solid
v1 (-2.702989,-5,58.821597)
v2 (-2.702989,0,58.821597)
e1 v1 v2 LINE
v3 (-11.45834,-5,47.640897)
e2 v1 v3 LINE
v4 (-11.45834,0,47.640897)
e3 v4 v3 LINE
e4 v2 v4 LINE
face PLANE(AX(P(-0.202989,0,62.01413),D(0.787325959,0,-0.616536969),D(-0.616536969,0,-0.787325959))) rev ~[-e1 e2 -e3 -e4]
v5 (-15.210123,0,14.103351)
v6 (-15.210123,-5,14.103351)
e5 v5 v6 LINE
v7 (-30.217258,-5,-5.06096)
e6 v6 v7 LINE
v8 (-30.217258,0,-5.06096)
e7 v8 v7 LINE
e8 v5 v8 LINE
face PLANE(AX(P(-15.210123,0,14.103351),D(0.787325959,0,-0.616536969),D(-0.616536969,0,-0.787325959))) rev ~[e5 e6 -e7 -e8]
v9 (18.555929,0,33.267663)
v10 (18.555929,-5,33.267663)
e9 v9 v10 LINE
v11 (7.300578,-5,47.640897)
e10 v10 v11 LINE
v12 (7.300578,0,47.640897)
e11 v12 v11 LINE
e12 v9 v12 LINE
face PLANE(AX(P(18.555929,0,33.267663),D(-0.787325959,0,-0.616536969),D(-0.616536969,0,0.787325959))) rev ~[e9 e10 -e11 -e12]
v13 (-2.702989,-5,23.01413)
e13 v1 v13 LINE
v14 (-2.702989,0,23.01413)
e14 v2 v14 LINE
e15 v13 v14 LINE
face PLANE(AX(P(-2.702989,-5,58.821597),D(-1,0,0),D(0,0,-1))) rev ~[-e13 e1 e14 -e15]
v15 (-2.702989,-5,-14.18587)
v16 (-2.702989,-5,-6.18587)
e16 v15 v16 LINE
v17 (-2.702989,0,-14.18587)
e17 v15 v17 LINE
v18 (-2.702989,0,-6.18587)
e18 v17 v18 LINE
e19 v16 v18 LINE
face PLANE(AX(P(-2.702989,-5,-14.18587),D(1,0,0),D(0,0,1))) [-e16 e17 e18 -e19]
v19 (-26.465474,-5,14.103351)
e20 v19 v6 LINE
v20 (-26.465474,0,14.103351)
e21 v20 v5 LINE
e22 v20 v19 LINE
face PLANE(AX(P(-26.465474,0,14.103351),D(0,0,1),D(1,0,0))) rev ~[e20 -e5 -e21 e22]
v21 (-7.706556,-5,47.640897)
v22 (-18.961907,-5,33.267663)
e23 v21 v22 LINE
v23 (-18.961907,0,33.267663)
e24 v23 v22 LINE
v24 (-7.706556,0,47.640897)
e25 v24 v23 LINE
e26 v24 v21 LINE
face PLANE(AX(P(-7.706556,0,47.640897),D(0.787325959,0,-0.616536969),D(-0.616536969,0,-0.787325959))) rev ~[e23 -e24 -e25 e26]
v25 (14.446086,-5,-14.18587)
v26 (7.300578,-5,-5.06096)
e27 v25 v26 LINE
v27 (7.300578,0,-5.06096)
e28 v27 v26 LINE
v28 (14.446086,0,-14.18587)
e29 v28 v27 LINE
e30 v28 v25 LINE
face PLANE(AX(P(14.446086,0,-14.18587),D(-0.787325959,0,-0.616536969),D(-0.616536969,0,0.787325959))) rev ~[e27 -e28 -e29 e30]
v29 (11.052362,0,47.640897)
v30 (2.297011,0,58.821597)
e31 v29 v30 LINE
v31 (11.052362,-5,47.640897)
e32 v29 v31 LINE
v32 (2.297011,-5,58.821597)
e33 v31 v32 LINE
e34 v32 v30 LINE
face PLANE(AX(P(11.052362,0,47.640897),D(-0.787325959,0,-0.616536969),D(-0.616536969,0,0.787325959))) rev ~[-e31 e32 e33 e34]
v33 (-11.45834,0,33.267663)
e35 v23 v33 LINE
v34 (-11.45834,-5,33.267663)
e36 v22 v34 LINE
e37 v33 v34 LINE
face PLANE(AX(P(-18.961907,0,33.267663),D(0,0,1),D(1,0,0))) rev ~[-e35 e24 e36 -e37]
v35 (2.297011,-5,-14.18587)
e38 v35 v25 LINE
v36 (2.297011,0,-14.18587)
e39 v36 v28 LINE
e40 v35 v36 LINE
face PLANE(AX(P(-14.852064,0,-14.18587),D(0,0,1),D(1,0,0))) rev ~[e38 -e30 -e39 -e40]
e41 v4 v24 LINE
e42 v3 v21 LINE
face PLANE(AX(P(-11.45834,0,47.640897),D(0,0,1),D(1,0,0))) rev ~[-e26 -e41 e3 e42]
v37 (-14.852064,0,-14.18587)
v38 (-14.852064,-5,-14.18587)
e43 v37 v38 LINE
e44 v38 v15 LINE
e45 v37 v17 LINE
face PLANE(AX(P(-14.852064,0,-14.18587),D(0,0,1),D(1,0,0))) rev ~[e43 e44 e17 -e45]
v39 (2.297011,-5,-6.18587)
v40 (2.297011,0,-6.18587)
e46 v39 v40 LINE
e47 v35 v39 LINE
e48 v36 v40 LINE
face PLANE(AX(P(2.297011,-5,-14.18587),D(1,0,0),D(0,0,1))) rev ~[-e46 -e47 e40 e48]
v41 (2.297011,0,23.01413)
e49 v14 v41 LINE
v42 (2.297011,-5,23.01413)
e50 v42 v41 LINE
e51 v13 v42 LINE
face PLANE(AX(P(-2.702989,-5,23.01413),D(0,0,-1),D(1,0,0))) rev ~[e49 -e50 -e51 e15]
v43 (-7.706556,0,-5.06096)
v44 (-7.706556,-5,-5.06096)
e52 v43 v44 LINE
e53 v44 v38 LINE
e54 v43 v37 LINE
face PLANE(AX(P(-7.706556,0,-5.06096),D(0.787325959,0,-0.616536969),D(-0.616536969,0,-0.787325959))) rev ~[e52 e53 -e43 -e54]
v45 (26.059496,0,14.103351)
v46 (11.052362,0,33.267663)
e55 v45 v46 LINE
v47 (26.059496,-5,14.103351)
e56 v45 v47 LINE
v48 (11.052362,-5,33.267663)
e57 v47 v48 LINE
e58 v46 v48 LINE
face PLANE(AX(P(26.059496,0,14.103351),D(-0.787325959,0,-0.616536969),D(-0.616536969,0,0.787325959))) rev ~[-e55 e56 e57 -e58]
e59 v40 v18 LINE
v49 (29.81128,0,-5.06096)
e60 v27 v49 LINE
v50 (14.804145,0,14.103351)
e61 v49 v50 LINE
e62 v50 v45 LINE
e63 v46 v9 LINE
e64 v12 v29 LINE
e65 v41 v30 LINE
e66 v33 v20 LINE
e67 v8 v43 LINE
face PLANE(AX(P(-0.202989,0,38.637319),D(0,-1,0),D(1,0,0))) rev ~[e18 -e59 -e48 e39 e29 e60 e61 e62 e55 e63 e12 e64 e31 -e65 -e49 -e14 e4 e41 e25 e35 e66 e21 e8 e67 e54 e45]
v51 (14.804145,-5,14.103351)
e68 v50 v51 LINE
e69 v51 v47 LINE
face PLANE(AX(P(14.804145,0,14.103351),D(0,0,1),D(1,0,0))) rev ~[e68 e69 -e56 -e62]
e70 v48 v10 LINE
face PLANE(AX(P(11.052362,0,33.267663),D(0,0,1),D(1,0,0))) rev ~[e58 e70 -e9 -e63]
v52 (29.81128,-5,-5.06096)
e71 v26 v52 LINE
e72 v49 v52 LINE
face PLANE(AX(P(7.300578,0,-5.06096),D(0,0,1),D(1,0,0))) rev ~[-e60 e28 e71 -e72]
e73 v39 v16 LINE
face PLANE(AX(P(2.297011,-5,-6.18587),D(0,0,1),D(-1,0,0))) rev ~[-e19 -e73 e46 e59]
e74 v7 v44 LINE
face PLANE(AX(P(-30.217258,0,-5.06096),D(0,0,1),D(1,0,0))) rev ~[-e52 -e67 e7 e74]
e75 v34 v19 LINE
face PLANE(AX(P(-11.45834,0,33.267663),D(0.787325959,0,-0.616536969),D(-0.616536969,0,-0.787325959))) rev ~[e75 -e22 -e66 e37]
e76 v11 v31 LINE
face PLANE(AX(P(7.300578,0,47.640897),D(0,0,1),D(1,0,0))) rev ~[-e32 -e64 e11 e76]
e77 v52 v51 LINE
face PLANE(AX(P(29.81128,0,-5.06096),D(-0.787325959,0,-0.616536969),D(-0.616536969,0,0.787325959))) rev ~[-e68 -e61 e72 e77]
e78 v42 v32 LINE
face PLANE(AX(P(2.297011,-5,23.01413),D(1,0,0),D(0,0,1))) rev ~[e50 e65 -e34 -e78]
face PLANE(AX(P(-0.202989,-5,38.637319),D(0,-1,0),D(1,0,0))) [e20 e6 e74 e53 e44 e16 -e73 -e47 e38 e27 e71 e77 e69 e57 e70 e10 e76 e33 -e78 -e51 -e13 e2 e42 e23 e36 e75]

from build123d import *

# Parameters (mm, degrees)
F0_W     = 7.5035672322
F0_H     = 9.1249096662
F1_DEPTH = 5
F2_W     = 2.5
F2_H     = 8
F3_DEPTH = 25


with BuildPart() as f1:
    # F0 (on Front) → F1 (new body)
    with BuildSketch(Plane.XZ):
        Polygon((-11.4583398516, 33.2676629014), (-0.2029890033, 33.2676629014), (11.052361845, 33.2676629014), (18.5559290771, 33.2676629014), (7.3005782289, 47.6408965444), (-7.7065562355, 47.6408965444), (-18.9619070838, 33.2676629014), align=None)
        Polygon((-7.7065562355, 47.6408965444), (7.3005782289, 47.6408965444), (11.052361845, 47.6408965444), (-0.2029890033, 62.0141301873), (-11.4583398516, 47.6408965444), align=None)
        Polygon((-15.2101234677, 14.1033513774), (-0.2029890033, 14.1033513774), (-0.2029890033, 33.2676629014), (-11.4583398516, 33.2676629014), (-26.4654743159, 14.1033513774), align=None)
        Polygon((-0.2029890033, 33.2676629014), (-0.2029890033, 14.1033513774), (14.8041454611, 14.1033513774), (26.0594963093, 14.1033513774), (11.052361845, 33.2676629014), align=None)
        Polygon((-7.7065562355, -5.0609601465), (-0.2029890033, -5.0609601465), (-0.2029890033, 14.1033513774), (-15.2101234677, 14.1033513774), (-30.217257932, -5.0609601465), align=None)
        Polygon((-0.2029890033, 14.1033513774), (-0.2029890033, -5.0609601465), (7.3005782289, -5.0609601465), (29.8112799254, -5.0609601465), (14.8041454611, 14.1033513774), align=None)
        Polygon((-14.8520644978, -14.1858698127), (-7.7065562355, -14.1858698127), (-7.7065562355, -5.0609601465), align=None)
        with Locations((-3.9547726194, -9.6234149796)):
            Rectangle(F0_W, F0_H)
        with Locations((3.5487946128, -9.6234149796)):
            Rectangle(F0_W, F0_H)
        Polygon((7.3005782289, -5.0609601465), (7.3005782289, -14.1858698127), (14.4460864912, -14.1858698127), align=None)
    extrude(amount=F1_DEPTH)

    # F2 (on face) → F3 (cut)
    with BuildSketch(Plane.XZ.offset(5)):
        Polygon((-0.2029890033, 23.0141301873), (-0.2029890033, 62.0141301873), (-2.7029890033, 58.8215967344), (-2.7029890033, 23.0141301873), align=None)
        Polygon((2.2970109967, 58.8215967344), (-0.2029890033, 62.0141301873), (-0.2029890033, 23.0141301873), (2.2970109967, 23.0141301873), align=None)
        with Locations((-1.4529890033, -10.1858698127)):
            Rectangle(F2_W, F2_H)
        with Locations((1.0470109967, -10.1858698127)):
            Rectangle(F2_W, F2_H)
    extrude(amount=-F3_DEPTH, mode=Mode.SUBTRACT)


solid = f1.part
